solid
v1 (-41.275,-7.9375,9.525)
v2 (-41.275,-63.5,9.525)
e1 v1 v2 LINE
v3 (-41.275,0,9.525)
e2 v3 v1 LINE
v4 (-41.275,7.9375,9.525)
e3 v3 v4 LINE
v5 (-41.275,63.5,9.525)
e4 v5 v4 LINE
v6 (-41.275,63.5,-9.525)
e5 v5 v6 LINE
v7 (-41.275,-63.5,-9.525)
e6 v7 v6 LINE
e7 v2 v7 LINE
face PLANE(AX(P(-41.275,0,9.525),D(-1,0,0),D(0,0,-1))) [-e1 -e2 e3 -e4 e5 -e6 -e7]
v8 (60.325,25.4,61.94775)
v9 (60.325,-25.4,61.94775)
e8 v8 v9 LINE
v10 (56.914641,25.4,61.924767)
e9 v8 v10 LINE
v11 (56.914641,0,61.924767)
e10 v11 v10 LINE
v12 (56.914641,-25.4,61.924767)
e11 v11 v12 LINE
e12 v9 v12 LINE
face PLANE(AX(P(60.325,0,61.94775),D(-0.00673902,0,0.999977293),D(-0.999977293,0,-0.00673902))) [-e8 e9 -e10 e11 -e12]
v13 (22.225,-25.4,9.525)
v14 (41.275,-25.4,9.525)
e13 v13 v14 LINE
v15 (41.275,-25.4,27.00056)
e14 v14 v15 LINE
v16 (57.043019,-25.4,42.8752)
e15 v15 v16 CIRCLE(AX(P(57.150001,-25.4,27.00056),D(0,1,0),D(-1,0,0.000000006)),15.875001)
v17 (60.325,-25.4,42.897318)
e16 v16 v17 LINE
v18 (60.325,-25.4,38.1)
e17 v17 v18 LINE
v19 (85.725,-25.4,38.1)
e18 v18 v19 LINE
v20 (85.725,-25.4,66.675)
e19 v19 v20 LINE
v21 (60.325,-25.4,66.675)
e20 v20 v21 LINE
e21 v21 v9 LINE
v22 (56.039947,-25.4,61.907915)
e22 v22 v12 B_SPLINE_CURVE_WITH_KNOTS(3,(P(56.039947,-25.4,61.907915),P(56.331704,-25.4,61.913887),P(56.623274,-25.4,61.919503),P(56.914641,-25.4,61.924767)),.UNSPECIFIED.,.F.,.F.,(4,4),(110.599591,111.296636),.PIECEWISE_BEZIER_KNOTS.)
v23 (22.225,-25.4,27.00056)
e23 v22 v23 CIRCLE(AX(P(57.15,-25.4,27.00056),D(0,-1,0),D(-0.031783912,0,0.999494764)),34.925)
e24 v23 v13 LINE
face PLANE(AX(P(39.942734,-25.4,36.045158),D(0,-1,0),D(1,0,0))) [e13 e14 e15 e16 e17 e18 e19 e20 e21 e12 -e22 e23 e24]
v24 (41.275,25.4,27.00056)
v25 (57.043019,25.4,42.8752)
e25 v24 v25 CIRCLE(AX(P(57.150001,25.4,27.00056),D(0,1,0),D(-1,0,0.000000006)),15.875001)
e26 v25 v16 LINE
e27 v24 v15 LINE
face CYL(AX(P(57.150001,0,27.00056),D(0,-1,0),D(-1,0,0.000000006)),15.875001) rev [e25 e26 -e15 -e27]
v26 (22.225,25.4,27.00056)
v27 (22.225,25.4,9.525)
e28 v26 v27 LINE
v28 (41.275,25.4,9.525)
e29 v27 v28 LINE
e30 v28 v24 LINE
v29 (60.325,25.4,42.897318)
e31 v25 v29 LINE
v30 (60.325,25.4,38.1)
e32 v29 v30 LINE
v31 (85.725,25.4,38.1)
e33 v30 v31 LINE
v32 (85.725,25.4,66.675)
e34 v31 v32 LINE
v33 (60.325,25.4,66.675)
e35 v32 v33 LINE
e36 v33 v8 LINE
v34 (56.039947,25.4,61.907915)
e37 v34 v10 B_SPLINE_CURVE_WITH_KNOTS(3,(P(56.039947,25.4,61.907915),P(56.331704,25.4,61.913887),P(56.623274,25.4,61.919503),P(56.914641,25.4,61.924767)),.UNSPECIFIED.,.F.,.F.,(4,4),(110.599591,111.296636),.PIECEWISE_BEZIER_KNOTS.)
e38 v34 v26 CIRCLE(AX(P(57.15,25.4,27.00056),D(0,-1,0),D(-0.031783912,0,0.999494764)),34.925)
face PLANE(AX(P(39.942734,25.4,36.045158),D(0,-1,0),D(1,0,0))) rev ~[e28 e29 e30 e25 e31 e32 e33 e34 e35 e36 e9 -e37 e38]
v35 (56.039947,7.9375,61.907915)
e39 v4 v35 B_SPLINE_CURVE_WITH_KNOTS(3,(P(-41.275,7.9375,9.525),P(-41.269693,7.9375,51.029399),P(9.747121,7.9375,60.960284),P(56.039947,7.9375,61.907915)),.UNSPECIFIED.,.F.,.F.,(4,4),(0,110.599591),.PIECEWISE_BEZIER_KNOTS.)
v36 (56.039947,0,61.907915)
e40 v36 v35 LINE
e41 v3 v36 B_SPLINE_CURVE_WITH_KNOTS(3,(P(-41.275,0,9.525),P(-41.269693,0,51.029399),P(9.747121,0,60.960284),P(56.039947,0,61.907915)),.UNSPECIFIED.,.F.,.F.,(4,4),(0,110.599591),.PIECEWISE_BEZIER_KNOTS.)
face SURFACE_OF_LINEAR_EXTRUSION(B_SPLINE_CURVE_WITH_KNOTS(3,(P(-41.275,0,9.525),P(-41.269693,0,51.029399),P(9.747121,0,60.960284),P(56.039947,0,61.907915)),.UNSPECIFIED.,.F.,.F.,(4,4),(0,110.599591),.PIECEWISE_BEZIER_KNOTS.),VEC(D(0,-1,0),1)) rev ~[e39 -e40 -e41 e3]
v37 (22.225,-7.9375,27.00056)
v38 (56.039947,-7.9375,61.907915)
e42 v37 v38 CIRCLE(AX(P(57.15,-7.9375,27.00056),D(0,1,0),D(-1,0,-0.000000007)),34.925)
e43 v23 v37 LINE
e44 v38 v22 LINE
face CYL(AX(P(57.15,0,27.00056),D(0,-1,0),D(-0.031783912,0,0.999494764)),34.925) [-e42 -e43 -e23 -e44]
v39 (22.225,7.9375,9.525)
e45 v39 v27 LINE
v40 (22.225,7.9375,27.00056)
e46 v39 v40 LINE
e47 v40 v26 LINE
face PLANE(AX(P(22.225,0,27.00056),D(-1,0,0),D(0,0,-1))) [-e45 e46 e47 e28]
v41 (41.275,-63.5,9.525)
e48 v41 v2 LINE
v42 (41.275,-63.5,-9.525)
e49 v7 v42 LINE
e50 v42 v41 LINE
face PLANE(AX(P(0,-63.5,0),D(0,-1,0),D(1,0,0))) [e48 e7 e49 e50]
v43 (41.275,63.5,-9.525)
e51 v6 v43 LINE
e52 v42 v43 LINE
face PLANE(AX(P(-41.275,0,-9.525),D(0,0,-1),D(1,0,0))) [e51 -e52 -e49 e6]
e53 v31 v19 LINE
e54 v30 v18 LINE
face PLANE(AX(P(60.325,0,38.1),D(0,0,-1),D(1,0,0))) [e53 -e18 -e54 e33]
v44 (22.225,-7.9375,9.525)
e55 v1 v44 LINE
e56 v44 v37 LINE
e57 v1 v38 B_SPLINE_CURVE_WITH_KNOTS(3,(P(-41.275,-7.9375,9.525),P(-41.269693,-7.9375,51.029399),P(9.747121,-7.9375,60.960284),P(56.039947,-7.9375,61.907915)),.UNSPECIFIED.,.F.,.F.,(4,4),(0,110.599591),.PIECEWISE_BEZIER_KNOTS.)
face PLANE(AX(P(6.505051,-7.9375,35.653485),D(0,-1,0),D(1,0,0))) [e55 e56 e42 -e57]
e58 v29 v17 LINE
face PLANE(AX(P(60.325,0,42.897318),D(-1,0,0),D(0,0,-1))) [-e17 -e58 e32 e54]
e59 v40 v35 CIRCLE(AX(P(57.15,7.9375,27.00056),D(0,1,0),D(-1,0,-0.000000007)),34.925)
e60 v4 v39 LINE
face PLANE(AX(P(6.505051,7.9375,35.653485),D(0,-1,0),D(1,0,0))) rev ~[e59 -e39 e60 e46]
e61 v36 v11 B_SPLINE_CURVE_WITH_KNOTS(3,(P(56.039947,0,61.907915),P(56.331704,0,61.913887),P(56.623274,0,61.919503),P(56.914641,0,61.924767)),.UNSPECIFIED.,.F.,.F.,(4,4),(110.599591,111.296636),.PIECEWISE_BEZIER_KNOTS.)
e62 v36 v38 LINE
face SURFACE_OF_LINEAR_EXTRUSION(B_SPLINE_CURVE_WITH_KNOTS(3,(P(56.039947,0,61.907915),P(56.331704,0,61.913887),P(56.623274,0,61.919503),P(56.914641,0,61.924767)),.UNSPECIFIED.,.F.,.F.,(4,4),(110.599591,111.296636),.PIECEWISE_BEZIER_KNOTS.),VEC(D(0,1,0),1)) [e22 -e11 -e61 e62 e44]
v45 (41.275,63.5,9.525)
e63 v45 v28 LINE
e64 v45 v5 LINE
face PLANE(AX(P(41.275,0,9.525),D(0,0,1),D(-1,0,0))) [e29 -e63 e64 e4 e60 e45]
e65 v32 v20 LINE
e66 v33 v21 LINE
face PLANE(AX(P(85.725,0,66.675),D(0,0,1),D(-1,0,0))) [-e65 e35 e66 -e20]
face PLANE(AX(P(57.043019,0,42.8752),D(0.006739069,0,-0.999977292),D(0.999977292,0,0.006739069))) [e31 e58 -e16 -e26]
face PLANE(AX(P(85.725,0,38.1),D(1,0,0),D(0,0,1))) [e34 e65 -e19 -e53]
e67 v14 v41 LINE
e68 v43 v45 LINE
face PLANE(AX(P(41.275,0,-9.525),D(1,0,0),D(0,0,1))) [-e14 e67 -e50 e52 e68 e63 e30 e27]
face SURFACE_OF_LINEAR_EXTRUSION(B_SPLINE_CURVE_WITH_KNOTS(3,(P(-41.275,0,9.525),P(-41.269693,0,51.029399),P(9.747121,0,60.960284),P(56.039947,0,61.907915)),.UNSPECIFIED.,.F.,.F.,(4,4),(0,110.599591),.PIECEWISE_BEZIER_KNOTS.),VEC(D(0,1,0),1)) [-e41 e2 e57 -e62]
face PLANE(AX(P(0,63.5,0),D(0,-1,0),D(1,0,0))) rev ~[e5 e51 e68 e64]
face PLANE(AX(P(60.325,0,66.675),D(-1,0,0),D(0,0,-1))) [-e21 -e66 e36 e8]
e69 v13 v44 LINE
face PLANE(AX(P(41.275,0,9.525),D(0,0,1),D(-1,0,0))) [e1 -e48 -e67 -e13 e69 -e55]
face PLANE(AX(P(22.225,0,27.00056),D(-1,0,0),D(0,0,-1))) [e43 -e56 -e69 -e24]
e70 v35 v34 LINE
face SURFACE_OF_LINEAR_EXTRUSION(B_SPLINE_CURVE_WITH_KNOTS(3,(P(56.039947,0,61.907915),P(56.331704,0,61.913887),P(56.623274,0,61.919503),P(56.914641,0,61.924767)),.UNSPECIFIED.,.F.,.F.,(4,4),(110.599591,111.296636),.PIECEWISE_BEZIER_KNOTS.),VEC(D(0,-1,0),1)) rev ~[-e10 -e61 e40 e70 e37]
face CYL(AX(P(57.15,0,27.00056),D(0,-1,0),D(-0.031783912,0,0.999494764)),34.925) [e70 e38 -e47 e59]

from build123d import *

# Parameters (mm, degrees)
F1_DEPTH = 63.5
F2_DEPTH = 25.4
F3_DEPTH = 7.9375


with BuildPart() as f1:
    # F0 (on Front) → F1 (new body, symmetric)
    with BuildSketch(Plane.XZ):
        Polygon((41.275, -9.525), (41.275, 9.525), (22.225, 9.525), (-41.275, 9.525), (-41.275, -9.525), align=None)
    extrude(amount=F1_DEPTH, both=True)

    # F0 (on Front) → F2 (join, symmetric)
    with BuildSketch(Plane.XZ):
        with BuildLine():
            Line((22.225, 9.525), (41.275, 9.525))
            Line((41.275, 9.525), (41.275, 27.00056))
            ThreePointArc((41.275, 27.00056), (45.88692, 38.187993), (57.043019, 42.8752))
            Line((57.043019, 42.8752), (60.325, 42.897318))
            Line((60.325, 42.897318), (60.325, 61.94775))
            Line((60.325, 61.94775), (56.914641, 61.924767))
            add(Edge.make_bspline(
                [(56.039947, 61.907915), (56.331704, 61.913887), (56.623274, 61.919503), (56.914641, 61.924767)],
                knots=[110.599591, 110.599591, 110.599591, 110.599591, 111.296636, 111.296636, 111.296636, 111.296636], degree=3))
            ThreePointArc((56.039947, 61.907915), (32.064903, 51.300633), (22.225, 27.00056))
            Line((22.225, 27.00056), (22.225, 9.525))
        make_face()
        Polygon((60.325, 42.897318), (60.325, 42.8752), (60.325, 38.1), (85.725, 38.1), (85.725, 66.675), (60.325, 66.675), (60.325, 61.94775), align=None)
    extrude(amount=F2_DEPTH, both=True)

    # F0 (on Front) → F3 (join, symmetric)
    with BuildSketch(Plane.XZ):
        with BuildLine():
            Line((-41.275, 9.525), (22.225, 9.525))
            Line((22.225, 9.525), (22.225, 27.00056))
            ThreePointArc((22.225, 27.00056), (32.064903, 51.300633), (56.039947, 61.907915))
            add(Edge.make_bspline(
                [(-41.275, 9.525), (-41.269693, 51.029399), (9.747121, 60.960284), (56.039947, 61.907915)],
                knots=[0, 0, 0, 0, 110.599591, 110.599591, 110.599591, 110.599591], degree=3))
        make_face()
    extrude(amount=F3_DEPTH, both=True)


solid = f1.part
